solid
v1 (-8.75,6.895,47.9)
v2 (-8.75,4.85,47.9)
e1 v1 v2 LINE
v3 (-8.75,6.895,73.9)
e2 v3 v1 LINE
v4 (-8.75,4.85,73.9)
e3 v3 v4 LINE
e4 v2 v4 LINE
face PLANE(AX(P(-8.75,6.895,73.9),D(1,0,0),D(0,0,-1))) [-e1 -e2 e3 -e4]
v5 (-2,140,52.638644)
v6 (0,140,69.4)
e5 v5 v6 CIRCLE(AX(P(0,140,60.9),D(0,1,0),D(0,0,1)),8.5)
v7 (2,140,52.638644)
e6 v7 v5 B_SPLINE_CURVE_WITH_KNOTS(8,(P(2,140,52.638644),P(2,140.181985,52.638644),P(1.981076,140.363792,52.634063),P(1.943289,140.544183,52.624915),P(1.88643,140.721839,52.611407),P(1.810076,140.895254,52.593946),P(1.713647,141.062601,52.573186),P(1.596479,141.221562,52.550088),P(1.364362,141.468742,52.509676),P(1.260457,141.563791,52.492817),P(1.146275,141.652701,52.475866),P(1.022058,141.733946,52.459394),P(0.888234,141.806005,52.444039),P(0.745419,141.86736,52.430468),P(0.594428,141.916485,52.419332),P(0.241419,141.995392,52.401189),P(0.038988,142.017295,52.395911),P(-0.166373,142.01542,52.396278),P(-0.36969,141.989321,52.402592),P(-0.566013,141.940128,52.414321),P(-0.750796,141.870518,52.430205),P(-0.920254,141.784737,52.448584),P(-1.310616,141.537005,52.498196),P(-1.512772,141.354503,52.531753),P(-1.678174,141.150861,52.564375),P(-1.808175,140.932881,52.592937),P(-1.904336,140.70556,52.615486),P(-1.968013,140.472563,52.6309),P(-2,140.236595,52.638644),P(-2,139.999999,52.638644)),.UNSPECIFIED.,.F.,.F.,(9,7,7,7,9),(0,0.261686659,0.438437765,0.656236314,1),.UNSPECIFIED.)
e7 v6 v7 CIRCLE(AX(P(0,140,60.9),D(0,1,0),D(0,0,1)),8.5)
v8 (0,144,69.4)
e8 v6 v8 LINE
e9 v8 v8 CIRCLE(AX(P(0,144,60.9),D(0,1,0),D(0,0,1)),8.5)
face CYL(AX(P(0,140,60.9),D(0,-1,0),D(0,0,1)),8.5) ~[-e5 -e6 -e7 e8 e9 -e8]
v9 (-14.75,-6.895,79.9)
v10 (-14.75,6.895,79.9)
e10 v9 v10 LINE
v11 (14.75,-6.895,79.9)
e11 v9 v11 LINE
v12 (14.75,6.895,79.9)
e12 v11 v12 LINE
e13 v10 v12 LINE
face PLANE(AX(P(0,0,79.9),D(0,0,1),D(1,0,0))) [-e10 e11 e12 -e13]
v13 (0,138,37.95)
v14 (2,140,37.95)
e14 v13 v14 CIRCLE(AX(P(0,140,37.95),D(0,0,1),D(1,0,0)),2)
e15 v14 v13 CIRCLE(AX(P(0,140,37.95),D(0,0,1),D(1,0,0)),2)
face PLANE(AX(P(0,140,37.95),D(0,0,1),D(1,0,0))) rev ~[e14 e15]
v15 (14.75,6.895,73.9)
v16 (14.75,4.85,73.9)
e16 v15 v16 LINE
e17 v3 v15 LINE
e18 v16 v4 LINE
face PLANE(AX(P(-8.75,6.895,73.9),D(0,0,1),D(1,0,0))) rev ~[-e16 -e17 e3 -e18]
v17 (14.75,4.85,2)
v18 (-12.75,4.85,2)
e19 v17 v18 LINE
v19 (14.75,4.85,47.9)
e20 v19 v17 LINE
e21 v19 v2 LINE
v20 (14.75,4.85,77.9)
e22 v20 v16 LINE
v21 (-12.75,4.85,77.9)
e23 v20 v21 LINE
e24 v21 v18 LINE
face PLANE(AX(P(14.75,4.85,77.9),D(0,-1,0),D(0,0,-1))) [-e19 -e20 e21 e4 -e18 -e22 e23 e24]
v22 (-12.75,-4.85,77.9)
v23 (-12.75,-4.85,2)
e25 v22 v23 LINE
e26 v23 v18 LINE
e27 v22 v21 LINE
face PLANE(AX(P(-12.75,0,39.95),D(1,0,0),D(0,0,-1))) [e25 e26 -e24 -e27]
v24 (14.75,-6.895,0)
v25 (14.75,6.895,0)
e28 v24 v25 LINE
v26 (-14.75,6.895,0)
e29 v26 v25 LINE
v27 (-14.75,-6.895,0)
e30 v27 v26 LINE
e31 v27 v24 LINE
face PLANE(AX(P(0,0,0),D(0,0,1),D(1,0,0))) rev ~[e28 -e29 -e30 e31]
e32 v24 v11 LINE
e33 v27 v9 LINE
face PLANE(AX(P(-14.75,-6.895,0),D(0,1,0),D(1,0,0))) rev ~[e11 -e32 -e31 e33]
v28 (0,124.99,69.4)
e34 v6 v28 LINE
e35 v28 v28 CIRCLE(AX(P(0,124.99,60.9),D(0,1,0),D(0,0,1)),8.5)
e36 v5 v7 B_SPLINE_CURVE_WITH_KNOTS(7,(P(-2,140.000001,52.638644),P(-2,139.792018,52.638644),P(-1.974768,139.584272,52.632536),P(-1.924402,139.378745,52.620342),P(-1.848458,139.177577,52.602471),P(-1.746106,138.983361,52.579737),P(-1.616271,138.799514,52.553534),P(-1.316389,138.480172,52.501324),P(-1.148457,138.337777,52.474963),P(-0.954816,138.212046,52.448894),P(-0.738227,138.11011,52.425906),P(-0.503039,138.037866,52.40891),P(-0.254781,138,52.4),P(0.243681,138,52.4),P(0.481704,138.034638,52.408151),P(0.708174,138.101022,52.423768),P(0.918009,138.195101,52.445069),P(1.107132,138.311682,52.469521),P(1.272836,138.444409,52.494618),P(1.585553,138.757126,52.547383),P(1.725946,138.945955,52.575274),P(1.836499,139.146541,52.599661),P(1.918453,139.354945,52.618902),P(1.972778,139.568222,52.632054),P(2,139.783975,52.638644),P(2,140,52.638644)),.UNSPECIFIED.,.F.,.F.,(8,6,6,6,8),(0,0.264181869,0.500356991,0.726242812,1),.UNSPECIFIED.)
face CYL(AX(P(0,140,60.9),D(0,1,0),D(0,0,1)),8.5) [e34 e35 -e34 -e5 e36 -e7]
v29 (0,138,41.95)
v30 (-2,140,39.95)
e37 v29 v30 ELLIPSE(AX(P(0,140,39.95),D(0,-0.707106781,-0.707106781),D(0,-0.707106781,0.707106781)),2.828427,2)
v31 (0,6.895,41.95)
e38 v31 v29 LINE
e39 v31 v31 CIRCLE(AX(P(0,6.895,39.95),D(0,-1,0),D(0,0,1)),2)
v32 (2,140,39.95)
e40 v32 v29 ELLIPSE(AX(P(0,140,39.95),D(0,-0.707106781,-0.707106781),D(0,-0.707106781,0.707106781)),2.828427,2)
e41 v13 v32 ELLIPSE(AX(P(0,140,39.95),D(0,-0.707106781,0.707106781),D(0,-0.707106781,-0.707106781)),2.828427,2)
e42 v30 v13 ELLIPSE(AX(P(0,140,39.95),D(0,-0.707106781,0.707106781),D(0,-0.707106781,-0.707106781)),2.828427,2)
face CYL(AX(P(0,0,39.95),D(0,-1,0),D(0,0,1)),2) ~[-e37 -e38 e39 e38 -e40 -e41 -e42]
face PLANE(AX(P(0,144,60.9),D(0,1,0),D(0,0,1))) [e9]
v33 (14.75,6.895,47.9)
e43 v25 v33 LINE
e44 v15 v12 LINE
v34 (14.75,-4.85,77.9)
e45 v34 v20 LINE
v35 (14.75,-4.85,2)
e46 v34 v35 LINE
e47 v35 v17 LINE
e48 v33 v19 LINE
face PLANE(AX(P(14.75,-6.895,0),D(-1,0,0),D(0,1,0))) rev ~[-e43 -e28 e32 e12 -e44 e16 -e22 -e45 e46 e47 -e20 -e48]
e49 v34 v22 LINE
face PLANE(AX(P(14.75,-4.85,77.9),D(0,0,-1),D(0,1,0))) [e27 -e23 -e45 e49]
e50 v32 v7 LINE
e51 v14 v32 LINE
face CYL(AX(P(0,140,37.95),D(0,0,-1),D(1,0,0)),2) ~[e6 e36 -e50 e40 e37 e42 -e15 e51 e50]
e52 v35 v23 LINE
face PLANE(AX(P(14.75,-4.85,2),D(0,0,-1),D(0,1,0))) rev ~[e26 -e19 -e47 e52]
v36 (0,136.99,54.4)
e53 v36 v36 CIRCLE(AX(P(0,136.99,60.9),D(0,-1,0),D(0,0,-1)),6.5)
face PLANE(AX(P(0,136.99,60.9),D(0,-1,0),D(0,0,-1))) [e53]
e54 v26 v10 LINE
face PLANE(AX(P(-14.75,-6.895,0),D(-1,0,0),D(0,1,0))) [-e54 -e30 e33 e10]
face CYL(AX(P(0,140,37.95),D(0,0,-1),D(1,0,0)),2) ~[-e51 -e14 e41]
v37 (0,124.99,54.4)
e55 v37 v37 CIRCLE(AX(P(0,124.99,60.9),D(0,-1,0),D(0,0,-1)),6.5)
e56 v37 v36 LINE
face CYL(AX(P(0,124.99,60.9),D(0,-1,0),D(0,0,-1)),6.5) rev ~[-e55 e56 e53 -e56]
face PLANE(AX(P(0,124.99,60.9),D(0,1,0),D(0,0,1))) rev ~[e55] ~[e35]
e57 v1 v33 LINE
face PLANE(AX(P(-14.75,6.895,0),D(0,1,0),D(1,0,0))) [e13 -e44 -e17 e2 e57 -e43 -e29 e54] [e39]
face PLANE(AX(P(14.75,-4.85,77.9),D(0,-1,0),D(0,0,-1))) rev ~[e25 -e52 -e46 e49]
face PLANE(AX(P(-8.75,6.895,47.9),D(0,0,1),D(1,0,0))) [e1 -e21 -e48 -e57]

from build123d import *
from build123d.topology import SkipClean

# Parameters (mm, degrees)
SKETCH4_R           = 2
BOSS_EXTRUDE1_DEPTH = 140
SKETCH5_W           = 29.5
SKETCH5_H           = 13.79
BOSS_EXTRUDE3_DEPTH = 79.9
SKETCH6_W           = 75.9
SKETCH6_H           = 9.7
CUT_EXTRUDE1_DEPTH  = 27.5
SKETCH7_W           = 23.5
SKETCH7_H           = 26
CUT_EXTRUDE2_DEPTH  = 3
SKETCH8_R           = 2
BOSS_EXTRUDE4_DEPTH = 22.95
SKETCH12_R          = 8.5
BOSS_EXTRUDE6_DEPTH = 15.01
SKETCH13_R          = 8.5
BOSS_EXTRUDE7_DEPTH = 4
SKETCH14_R          = 6.5
CUT_EXTRUDE3_DEPTH  = 12


with BuildPart() as part:
    # Sketch4 → Boss-Extrude1 (new body)
    with BuildSketch(Plane(origin=(0, 0, 0), x_dir=(1, 0, 0), z_dir=(0, 1, 0))):
        with Locations(Location((0, -39.95, 0), (0, 0, 270))):
            Circle(SKETCH4_R)
    extrude(amount=BOSS_EXTRUDE1_DEPTH)

    # Sketch5 → Boss-Extrude3 (add)
    with BuildSketch(Plane.XY):
        Rectangle(SKETCH5_W, SKETCH5_H)
    extrude(amount=BOSS_EXTRUDE3_DEPTH)

    # Sketch6 → Cut-Extrude1 (cut)
    with BuildSketch(Plane(origin=(14.75, 0, 0), x_dir=(0, 0, -1), z_dir=(1, 0, 0))):
        with Locations((-39.95, 0)):
            Rectangle(SKETCH6_W, SKETCH6_H)
    extrude(amount=-CUT_EXTRUDE1_DEPTH, mode=Mode.SUBTRACT)

    # Sketch7 → Cut-Extrude2 (cut)
    with BuildSketch(Plane(origin=(0, 6.895, 0), x_dir=(1, 0, 0), z_dir=(0, 1, 0))):
        with Locations((3, -60.9)):
            Rectangle(SKETCH7_W, SKETCH7_H)
    extrude(amount=-CUT_EXTRUDE2_DEPTH, mode=Mode.SUBTRACT)

    # Sketch8 → Boss-Extrude4 (add)
    with SkipClean():  # the faces are left unmerged after this step: merging them gives an invalid solid
        with BuildSketch(Plane.XY.offset(37.95)):
            with Locations((0, 140)):
                Circle(SKETCH8_R)
        extrude(amount=BOSS_EXTRUDE4_DEPTH)

    # Sketch12 → Boss-Extrude6 (add)
    with SkipClean():  # the faces are left unmerged after this step: merging them gives an invalid solid
        with BuildSketch(Plane(origin=(0, 140, 0), x_dir=(1, 0, 0), z_dir=(0, 1, 0))):
            with Locations(Location((0, -60.9, 0), (0, 0, 270))):
                Circle(SKETCH12_R)
        extrude(amount=-BOSS_EXTRUDE6_DEPTH)

    # Sketch13 → Boss-Extrude7 (add)
    with SkipClean():  # the faces are left unmerged after this step: merging them gives an invalid solid
        with BuildSketch(Plane(origin=(0, 140, 0), x_dir=(1, 0, 0), z_dir=(0, 1, 0))):
            with Locations(Location((0, -60.9, 0), (0, 0, 270))):
                Circle(SKETCH13_R)
        extrude(amount=BOSS_EXTRUDE7_DEPTH)

    # Sketch14 → Cut-Extrude3 (cut)
    with SkipClean():  # the faces are left unmerged after this step: merging them gives an invalid solid
        with BuildSketch(Plane.XZ.offset(-124.99)):
            with Locations(Location((0, 60.9, 0), (0, 0, 270))):
                Circle(SKETCH14_R)
        extrude(amount=-CUT_EXTRUDE3_DEPTH, mode=Mode.SUBTRACT)


solid = part.part
